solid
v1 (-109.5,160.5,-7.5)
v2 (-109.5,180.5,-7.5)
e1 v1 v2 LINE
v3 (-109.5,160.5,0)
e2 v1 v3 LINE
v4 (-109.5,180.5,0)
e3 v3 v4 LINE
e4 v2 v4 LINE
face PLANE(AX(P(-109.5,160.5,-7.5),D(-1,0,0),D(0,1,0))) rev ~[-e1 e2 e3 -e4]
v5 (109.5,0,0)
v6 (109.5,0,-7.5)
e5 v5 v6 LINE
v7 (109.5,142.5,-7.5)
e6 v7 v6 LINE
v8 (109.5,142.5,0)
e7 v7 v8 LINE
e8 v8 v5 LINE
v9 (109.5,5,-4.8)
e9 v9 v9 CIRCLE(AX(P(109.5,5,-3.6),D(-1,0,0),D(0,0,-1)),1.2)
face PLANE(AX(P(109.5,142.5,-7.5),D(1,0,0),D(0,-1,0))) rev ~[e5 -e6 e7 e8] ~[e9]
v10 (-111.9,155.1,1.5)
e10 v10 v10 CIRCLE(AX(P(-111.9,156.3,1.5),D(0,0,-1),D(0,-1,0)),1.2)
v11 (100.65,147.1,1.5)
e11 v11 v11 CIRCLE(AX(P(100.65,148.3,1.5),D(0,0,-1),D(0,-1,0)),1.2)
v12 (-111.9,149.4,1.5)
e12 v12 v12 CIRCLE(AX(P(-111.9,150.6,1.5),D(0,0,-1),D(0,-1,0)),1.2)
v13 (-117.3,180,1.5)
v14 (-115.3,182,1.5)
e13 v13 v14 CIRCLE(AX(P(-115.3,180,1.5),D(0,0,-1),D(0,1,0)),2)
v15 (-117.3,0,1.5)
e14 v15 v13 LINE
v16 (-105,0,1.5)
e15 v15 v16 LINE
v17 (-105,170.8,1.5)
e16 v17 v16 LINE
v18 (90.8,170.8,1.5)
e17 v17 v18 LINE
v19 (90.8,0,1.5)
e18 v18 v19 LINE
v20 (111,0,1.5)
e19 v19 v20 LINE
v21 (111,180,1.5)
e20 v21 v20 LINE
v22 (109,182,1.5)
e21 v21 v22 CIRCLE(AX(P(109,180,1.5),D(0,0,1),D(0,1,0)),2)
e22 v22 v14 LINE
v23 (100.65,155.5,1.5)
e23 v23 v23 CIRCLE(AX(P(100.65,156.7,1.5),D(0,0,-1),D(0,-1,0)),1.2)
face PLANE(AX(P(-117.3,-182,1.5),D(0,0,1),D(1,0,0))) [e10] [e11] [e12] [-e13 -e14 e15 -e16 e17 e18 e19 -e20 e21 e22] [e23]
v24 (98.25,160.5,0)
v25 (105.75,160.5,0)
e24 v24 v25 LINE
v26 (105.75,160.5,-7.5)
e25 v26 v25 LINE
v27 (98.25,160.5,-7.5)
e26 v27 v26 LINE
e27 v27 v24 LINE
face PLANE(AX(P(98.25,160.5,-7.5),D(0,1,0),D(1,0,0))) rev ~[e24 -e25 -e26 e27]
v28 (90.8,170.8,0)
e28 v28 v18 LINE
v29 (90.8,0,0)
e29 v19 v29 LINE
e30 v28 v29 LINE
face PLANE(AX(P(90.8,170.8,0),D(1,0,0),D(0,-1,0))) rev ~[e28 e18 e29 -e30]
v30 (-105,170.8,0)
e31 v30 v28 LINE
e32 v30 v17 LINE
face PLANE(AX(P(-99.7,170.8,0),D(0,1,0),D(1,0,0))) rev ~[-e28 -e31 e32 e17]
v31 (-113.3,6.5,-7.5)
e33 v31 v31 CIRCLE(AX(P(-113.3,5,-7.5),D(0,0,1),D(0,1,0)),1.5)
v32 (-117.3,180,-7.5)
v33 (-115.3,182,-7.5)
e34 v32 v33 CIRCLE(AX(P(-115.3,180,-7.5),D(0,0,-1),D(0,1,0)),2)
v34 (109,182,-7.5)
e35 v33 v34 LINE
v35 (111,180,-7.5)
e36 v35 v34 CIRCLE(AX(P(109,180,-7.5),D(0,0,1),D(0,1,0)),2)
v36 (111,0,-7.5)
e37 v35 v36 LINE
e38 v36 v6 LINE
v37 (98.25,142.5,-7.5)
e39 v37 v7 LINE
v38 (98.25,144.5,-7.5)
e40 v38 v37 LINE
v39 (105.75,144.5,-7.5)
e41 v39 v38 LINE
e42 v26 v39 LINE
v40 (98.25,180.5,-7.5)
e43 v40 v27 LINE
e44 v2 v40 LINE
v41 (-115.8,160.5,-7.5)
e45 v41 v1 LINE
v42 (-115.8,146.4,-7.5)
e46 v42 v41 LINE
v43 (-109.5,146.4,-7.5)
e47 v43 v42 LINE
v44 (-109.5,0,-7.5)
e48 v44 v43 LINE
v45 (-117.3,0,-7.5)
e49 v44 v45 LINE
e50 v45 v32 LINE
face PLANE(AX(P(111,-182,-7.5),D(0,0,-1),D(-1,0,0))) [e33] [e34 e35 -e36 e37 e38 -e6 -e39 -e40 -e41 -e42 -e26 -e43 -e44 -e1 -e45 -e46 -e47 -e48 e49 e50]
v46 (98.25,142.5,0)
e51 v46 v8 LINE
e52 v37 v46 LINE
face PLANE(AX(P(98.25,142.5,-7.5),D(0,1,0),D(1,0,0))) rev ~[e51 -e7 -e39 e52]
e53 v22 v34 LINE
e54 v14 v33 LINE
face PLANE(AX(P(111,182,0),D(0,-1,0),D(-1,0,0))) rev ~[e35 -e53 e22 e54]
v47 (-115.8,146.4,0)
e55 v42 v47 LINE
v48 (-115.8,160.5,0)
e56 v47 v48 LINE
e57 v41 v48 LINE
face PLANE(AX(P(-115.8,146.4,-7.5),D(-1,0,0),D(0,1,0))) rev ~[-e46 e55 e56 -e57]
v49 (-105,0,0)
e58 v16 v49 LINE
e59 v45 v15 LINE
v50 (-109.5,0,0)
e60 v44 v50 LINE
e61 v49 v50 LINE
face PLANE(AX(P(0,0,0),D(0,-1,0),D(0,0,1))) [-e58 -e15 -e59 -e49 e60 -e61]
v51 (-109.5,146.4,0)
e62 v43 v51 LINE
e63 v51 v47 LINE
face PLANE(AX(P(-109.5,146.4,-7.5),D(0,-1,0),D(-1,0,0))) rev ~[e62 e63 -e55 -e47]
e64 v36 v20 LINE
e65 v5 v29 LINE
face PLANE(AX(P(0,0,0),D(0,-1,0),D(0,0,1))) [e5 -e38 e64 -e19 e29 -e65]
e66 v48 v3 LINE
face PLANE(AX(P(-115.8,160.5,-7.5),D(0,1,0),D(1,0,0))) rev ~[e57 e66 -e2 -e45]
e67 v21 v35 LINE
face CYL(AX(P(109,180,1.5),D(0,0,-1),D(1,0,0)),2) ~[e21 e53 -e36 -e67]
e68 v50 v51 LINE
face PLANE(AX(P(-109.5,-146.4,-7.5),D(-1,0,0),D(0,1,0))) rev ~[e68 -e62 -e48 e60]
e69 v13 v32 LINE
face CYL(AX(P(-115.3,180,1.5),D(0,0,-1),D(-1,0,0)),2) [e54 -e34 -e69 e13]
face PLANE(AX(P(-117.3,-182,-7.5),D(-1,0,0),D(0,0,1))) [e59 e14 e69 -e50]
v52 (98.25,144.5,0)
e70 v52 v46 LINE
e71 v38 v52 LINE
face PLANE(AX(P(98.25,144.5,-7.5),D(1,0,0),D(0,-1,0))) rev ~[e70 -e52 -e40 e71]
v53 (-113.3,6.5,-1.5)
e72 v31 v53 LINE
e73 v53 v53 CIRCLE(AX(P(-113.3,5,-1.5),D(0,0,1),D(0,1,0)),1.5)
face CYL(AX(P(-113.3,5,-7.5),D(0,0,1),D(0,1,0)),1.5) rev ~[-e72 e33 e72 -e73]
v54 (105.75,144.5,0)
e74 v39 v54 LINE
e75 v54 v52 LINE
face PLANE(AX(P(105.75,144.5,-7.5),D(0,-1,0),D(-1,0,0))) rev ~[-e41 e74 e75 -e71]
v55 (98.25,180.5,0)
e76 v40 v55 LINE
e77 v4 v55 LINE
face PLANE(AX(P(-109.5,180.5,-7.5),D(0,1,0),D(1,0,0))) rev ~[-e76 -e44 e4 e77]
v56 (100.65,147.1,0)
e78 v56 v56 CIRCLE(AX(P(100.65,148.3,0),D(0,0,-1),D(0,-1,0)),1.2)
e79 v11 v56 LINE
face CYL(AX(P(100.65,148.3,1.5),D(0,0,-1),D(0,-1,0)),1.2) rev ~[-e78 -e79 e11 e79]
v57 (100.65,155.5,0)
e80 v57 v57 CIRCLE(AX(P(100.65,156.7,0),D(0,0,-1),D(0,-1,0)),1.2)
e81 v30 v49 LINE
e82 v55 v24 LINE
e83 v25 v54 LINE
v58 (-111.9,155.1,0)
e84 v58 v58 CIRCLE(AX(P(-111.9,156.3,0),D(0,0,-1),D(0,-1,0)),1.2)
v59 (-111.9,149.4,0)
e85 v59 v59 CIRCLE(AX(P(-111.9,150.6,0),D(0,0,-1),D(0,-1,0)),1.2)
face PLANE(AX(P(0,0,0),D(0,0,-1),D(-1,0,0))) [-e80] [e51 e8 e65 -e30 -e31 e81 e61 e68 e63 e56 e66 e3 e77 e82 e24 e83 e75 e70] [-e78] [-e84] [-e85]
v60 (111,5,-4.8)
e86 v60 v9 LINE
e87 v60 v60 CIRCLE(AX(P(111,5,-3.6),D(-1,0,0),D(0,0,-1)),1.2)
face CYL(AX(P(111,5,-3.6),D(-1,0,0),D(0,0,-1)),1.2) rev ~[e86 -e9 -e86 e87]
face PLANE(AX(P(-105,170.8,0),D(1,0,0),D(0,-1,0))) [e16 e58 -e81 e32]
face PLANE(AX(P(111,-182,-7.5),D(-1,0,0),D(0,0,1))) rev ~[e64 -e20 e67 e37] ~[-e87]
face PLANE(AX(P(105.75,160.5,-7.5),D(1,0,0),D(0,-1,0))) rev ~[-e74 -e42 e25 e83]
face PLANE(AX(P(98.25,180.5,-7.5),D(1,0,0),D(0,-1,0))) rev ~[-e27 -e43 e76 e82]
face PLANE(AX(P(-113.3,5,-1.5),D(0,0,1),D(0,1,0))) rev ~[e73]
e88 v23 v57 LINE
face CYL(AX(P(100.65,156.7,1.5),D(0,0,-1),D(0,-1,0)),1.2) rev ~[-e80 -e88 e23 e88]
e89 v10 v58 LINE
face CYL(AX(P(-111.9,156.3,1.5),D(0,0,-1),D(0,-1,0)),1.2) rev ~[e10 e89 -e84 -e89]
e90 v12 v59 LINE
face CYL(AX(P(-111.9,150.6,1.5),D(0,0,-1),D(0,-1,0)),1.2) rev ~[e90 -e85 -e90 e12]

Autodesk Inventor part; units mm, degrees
ref_plane "YZ Plane" through (0, 0, 0) normal (1, 0, 0) x (0, 1, 0)
ref_plane "XZ Plane" through (0, 0, 0) normal (0, 1, 0) x (-1, 0, 0)
ref_plane "XY Plane" through (0, 0, 0) normal (0, 0, 1) x (1, 0, 0)
sketch "Boceto1" plane through (0, 0, 0) normal (0, 0, 1) x (1, 0, 0)
  circle A0 centre (100.65, -156.7) radius 1.65 projected
  circle A1 centre (100.65, -148.3) radius 1.65 projected
  circle A2 centre (100.65, 156.7) radius 1.65 projected
  circle A3 centre (100.65, 148.3) radius 1.65 projected
  line L0 (97.75, 145) -> (105.25, 145) projected
  line L1 (105.25, 145) -> (105.25, 160) projected
  line L2 (105.25, 160) -> (97.75, 160) projected
  line L3 (97.75, 160) -> (97.75, 180) projected
  line L4 (97.75, 180) -> (-109, 180) projected
  line L5 (-109, 160) -> (-115.3, 160) projected
  line L6 (-109, -160) -> (-109, -180) projected
  line L7 (-115.3, 146.9) -> (-109, 146.9) projected
  line L8 (-109, -146.9) -> (-115.3, -146.9) projected
  line L9 (-109, 180) -> (-109, 160) projected
  line L10 (-115.3, -160) -> (-109, -160) projected
  line L11 (-109, -180) -> (97.75, -180) projected
  line L12 (97.75, -180) -> (97.75, -160) projected
  line L13 (97.75, -160) -> (105.25, -160) projected
  line L14 (105.25, -160) -> (105.25, -145) projected
  line L15 (105.25, -145) -> (97.75, -145) projected
  line L16 (97.75, -145) -> (97.75, -142) projected
  line L17 (97.75, -142) -> (109, -142) projected
  line L18 (109, -142) -> (109, 142) projected
  line L19 (109, 142) -> (97.75, 142) projected
  line L20 (97.75, 142) -> (97.75, 145) projected
  line L21 (109, 180) -> (97.75, 180)
  line L22 (-109, -160) -> (-109, -180)
  line L23 (-109, -180) -> (-102.7, -180)
  line L24 (-109, -180) -> (109, -180)
  line L25 (109, -180) -> (109, 180)
  line L26 (109, 180) -> (-109, 180)
  line L27 (111, 142) -> (111, 180)
  line L28 (109, 182) -> (97.75, 182)
  line L29 (-109, -182) -> (-102.7, -182)
  line L30 (-111, -182) -> (111, -182)
  line L31 (111, -182) -> (111, 182)
  line L32 (111, 182) -> (-111, 182)
  circle A4 centre (-111.9, -156.3) radius 1.2 projected
  circle A5 centre (-111.9, -150.6) radius 1.2 projected
  circle A6 centre (-111.9, 156.3) radius 1.2 projected
  circle A7 centre (-111.9, 150.6) radius 1.2 projected
  line L33 (-115.3, 160) -> (-115.3, 146.9) projected
  line L34 (-109, 146.9) -> (-109, -146.9) projected
  line L35 (-115.3, -146.9) -> (-115.3, -160) projected
  line L36 (-109, 180) -> (-115.3, 180)
  line L37 (-109, -180) -> (-115.3, -180)
  line L38 (-115.3, 180) -> (109, 180)
  line L39 (109, 180) -> (109, -180)
  line L40 (109, -180) -> (-115.3, -180)
  line L41 (-115.3, -180) -> (-115.3, 180)
  line L42 (-117.3, 180) -> (-117.3, -182)
  line L43 (-117.3, -182) -> (109, -182)
  line L44 (-115.3, 182) -> (111, 182)
  line L45 (111, 182) -> (111, -180)
  line L46 (-117.3, 180) -> (-117.3, 182)
  line L47 (-117.3, 182) -> (-115.3, 182)
  point P0 (0, 0)
  dimension "d1" = 2
  dimension "d3" = 2
  dimension "d20" = 2
  dimension "d21" = 2
extrude "Extrusión1" add sketch "Boceto1" against normal blind 7.5 contours L0 L1 L2 L3 L21 L25 L19 L20 | L25 L24 L12 L13 L14 L15 L16 L17 | L9 L5 L41 L36 | L37 L41 L10 L6 | L7 L34 L8 L41 | L31 L30 L29 L43 L42 L46 L47 L44 L32 L28 L27
sketch "Boceto2" plane through (0, 0, 0) normal (0, 0, 1) x (1, 0, 0)
  line L0 (-117.3, -182) -> (111, -182) projected
  line L1 (111, -182) -> (111, 182) projected
  line L2 (111, 182) -> (-117.3, 182) projected
  line L3 (90.8, 170.8) -> (90.8, -176) projected
  line L4 (90.8, 170.8) -> (90.8, -176) projected
  line L5 (-19.4789, -176) -> (90.8, -176) projected
  line L6 (90.8, -176) -> (-99.7, -176) projected
  line L7 (-99.7, -176) -> (-99.7, 170.8) projected
  line L8 (-99.7, 170.8) -> (90.8, 170.8) projected
  line L9 (-117.3, 182) -> (-117.3, -182) projected
  line L10 (-105.5008, -176) -> (-99.7, -176)
  line L11 (-99.7, 170.8) -> (-105.5008, 170.8)
  line L12 (-109, 160) -> (-109, 180) projected
  line L13 (-109, 170.8) -> (-105, 170.8)
  line L14 (-105, 170.8) -> (-105, -176)
  point P0 (0, 0)
  dimension "d33" = 4
extrude "Extrusión2" add sketch "Boceto2" along normal blind 1.5
sketch "Boceto3" plane through (-111, -182, -7.5) normal (0, -1, 0) x (1, 0, 0)
  line L0 (222, 0) -> (-6.3, 0) projected
  line L1 (222, 0) -> (222, 9) projected
  line L2 (-6.3, 9) -> (222, 9) projected
  line L3 (-6.3, 0) -> (-6.3, 9) projected
  point P0 (111, 7.5)
extrude "Extrusión3" add sketch "Boceto3" along normal blind 5.2
sketch "Boceto5" plane through (0, 0, 1.5) normal (0, 0, 1) x (1, 0, 0)
  circle A0 centre (100.65, -156.7) radius 1.65 projected
  circle A1 centre (100.65, -148.3) radius 1.65 projected
  circle A2 centre (100.65, 156.7) radius 1.65 projected
  circle A3 centre (100.65, 148.3) radius 1.65 projected
  line L0 (97.75, 145) -> (105.25, 145) projected
  line L1 (105.25, 145) -> (105.25, 160) projected
  line L2 (105.25, 160) -> (97.75, 160) projected
  line L3 (97.75, 160) -> (97.75, 180) projected
  line L4 (97.75, 180) -> (-109, 180) projected
  line L5 (-109, 160) -> (-115.3, 160) projected
  line L6 (-109, -160) -> (-109, -180) projected
  line L7 (-115.3, 146.9) -> (-109, 146.9) projected
  line L8 (-109, -146.9) -> (-115.3, -146.9) projected
  line L9 (-109, 180) -> (-109, 160) projected
  line L10 (-115.3, -160) -> (-109, -160) projected
  line L11 (-109, -180) -> (97.75, -180) projected
  line L12 (97.75, -180) -> (97.75, -160) projected
  line L13 (97.75, -160) -> (105.25, -160) projected
  line L14 (105.25, -160) -> (105.25, -145) projected
  line L15 (105.25, -145) -> (97.75, -145) projected
  line L16 (97.75, -145) -> (97.75, -142) projected
  line L17 (97.75, -142) -> (109, -142) projected
  line L18 (109, -142) -> (109, 142) projected
  line L19 (109, 142) -> (97.75, 142) projected
  line L20 (97.75, 142) -> (97.75, 145) projected
  circle A4 centre (-111.9, -156.3) radius 1.2 projected
  circle A5 centre (-111.9, -150.6) radius 1.2 projected
  circle A6 centre (-111.9, 156.3) radius 1.2 projected
  circle A7 centre (-111.9, 150.6) radius 1.2 projected
  line L21 (-115.3, 160) -> (-115.3, 146.9) projected
  line L22 (-109, 146.9) -> (-109, -146.9) projected
  line L23 (-115.3, -146.9) -> (-115.3, -160) projected
  point P0 (0, 0)
hole "Agujero1" at (100.65, 148.3, 1.5) at (100.65, 156.7, 1.5) at (100.65, -156.7, 1.5) at (100.65, -148.3, 1.5) at (-111.9, -156.3, 1.5) at (-111.9, -150.6, 1.5) at (-111.9, 150.6, 1.5) at (-111.9, 156.3, 1.5) direction (0, 0, -1) diameter 2.4 end through all
sketch "Boceto6" plane through (0, 0, -7.5) normal (0, 0, -1) x (-1, 0, 0)
  line L0 (117.3, 182) -> (-111, 182) projected
  line L1 (-111, 182) -> (-111, -187.2) projected
  line L2 (117.3, -187.2) -> (-111, -187.2) projected
  line L3 (117.3, 182) -> (117.3, -187.2) projected
  line L4 (-97.75, 160) -> (-97.75, 180) projected
  line L5 (-97.75, 180) -> (109, 180) projected
  line L6 (109, 180) -> (109, 160) projected
  line L7 (109, 160) -> (115.3, 160) projected
  line L8 (115.3, 160) -> (115.3, 146.9) projected
  line L9 (115.3, 146.9) -> (109, 146.9) projected
  line L10 (109, 146.9) -> (109, -146.9) projected
  line L11 (109, -146.9) -> (115.3, -146.9) projected
  line L12 (115.3, -146.9) -> (115.3, -160) projected
  line L13 (115.3, -160) -> (109, -160) projected
  line L14 (109, -160) -> (109, -180) projected
  line L15 (109, -180) -> (-97.75, -180) projected
  line L16 (-97.75, -180) -> (-97.75, -160) projected
  line L17 (-97.75, -160) -> (-105.25, -160) projected
  line L18 (-105.25, -160) -> (-105.25, -145) projected
  line L19 (-105.25, -145) -> (-97.75, -145) projected
  line L20 (-97.75, -145) -> (-97.75, -142) projected
  line L21 (-97.75, -142) -> (-109, -142) projected
  line L22 (-109, -142) -> (-109, 142) projected
  line L23 (-109, 142) -> (-97.75, 142) projected
  line L24 (-97.75, 142) -> (-97.75, 145) projected
  line L25 (-97.75, 145) -> (-105.25, 145) projected
  line L26 (-105.25, 145) -> (-105.25, 160) projected
  line L27 (-105.25, 160) -> (-97.75, 160) projected
  line L28 (117.3, 182) -> (117.3, -187.2) projected
  line L29 (117.3, 182) -> (-111, 182) projected
  line L30 (-111, 182) -> (-111, -187.2) projected
  line L31 (117.3, -187.2) -> (-111, -187.2) projected
  line L32 (109.5, 160.5) -> (109.5, 180.5)
  line L33 (109.5, 180.5) -> (-98.25, 180.5)
  line L34 (-98.25, 180.5) -> (-98.25, 160.5)
  line L35 (-98.25, 160.5) -> (-105.75, 160.5)
  line L36 (-105.75, 160.5) -> (-105.75, 144.5)
  line L37 (-105.75, 144.5) -> (-98.25, 144.5)
  line L38 (-98.25, 144.5) -> (-98.25, 142.5)
  line L39 (-98.25, 142.5) -> (-109.5, 142.5)
  line L40 (-109.5, 142.5) -> (-109.5, -142.5)
  line L41 (-109.5, -142.5) -> (-98.25, -142.5)
  line L42 (-98.25, -142.5) -> (-98.25, -144.5)
  line L43 (-98.25, -144.5) -> (-105.75, -144.5)
  line L44 (-105.75, -144.5) -> (-105.75, -160.5)
  line L45 (-105.75, -160.5) -> (-98.25, -160.5)
  line L46 (-98.25, -160.5) -> (-98.25, -180.5)
  line L47 (-98.25, -180.5) -> (109.5, -180.5)
  line L48 (109.5, -180.5) -> (109.5, -160.5)
  line L49 (109.5, -160.5) -> (115.8, -160.5)
  line L50 (115.8, -160.5) -> (115.8, -146.4)
  line L51 (115.8, -146.4) -> (109.5, -146.4)
  line L52 (109.5, -146.4) -> (109.5, 146.4)
  line L53 (109.5, 146.4) -> (115.8, 146.4)
  line L54 (115.8, 146.4) -> (115.8, 160.5)
  line L55 (115.8, 160.5) -> (109.5, 160.5)
  dimension "d22" = 0.5
extrude "Extrusión4" cut sketch "Boceto6" against normal blind 7.5 contours L55 L54 L53 L52 L51 L50 L49 L48 L47 L46 L45 L44 L43 L42 L41 L40 L39 L38 L37 L36 L35 L34 L33 L32
fillet "Empalme1" radius 2 5 edges at (-117.3, 182, 0.75) (-117.3, 182, -3.75) (111, 182, -3) (111, -187.2, -3) (-117.3, -187.2, -3)
sketch "Boceto7" plane through (0, 0, -7.5) normal (0, 0, -1) x (-1, 0, 0)
  arc A0 (117.3, 7) -> (114.3, 10) centre (114.3, 7) ccw projected
  line L0 (114.3, 10) -> (100.3, 10) projected
  arc A1 (100.3, 10) -> (97.3, 7) centre (100.3, 7) ccw projected
  line L1 (97.3, 7) -> (97.3, -7) projected
  arc A2 (97.3, -7) -> (100.3, -10) centre (100.3, -7) ccw projected
  line L2 (100.3, -10) -> (114.3, -10) projected
  arc A3 (114.3, -10) -> (117.3, -7) centre (114.3, -7) ccw projected
  line L3 (117.3, -7) -> (117.3, 7) projected
  circle A4 centre (103.3, -5) radius 1 projected
  circle A5 centre (113.3, 5) radius 1 projected
  circle A6 centre (103.3, 5) radius 1 projected
  circle A7 centre (113.3, -5) radius 1 projected
  circle A8 centre (113.3, 5) radius 1 projected
  point P0 (0, 0)
hole "Agujero2" at (-113.3, 5, -7.5) at (-113.3, -5, -7.5) direction (0, 0, 1) diameter 3 depth 6
split "Dividir4" plane through (0, 0, 0) removes the side toward (0, -1, 0)
sketch "Boceto8" plane through (111, 180, 1.5) normal (1, 0, 0) x (0, 0, -1)
  circle A0 centre (5.1, -175) radius 1.2 projected
  point P0 (1.5, -180)
hole "Agujero3" at (111, 5, -3.6) direction (-1, 0, 0) diameter 2.4 depth 8 tip angle 118
properties part number "MarcoDerecho"
